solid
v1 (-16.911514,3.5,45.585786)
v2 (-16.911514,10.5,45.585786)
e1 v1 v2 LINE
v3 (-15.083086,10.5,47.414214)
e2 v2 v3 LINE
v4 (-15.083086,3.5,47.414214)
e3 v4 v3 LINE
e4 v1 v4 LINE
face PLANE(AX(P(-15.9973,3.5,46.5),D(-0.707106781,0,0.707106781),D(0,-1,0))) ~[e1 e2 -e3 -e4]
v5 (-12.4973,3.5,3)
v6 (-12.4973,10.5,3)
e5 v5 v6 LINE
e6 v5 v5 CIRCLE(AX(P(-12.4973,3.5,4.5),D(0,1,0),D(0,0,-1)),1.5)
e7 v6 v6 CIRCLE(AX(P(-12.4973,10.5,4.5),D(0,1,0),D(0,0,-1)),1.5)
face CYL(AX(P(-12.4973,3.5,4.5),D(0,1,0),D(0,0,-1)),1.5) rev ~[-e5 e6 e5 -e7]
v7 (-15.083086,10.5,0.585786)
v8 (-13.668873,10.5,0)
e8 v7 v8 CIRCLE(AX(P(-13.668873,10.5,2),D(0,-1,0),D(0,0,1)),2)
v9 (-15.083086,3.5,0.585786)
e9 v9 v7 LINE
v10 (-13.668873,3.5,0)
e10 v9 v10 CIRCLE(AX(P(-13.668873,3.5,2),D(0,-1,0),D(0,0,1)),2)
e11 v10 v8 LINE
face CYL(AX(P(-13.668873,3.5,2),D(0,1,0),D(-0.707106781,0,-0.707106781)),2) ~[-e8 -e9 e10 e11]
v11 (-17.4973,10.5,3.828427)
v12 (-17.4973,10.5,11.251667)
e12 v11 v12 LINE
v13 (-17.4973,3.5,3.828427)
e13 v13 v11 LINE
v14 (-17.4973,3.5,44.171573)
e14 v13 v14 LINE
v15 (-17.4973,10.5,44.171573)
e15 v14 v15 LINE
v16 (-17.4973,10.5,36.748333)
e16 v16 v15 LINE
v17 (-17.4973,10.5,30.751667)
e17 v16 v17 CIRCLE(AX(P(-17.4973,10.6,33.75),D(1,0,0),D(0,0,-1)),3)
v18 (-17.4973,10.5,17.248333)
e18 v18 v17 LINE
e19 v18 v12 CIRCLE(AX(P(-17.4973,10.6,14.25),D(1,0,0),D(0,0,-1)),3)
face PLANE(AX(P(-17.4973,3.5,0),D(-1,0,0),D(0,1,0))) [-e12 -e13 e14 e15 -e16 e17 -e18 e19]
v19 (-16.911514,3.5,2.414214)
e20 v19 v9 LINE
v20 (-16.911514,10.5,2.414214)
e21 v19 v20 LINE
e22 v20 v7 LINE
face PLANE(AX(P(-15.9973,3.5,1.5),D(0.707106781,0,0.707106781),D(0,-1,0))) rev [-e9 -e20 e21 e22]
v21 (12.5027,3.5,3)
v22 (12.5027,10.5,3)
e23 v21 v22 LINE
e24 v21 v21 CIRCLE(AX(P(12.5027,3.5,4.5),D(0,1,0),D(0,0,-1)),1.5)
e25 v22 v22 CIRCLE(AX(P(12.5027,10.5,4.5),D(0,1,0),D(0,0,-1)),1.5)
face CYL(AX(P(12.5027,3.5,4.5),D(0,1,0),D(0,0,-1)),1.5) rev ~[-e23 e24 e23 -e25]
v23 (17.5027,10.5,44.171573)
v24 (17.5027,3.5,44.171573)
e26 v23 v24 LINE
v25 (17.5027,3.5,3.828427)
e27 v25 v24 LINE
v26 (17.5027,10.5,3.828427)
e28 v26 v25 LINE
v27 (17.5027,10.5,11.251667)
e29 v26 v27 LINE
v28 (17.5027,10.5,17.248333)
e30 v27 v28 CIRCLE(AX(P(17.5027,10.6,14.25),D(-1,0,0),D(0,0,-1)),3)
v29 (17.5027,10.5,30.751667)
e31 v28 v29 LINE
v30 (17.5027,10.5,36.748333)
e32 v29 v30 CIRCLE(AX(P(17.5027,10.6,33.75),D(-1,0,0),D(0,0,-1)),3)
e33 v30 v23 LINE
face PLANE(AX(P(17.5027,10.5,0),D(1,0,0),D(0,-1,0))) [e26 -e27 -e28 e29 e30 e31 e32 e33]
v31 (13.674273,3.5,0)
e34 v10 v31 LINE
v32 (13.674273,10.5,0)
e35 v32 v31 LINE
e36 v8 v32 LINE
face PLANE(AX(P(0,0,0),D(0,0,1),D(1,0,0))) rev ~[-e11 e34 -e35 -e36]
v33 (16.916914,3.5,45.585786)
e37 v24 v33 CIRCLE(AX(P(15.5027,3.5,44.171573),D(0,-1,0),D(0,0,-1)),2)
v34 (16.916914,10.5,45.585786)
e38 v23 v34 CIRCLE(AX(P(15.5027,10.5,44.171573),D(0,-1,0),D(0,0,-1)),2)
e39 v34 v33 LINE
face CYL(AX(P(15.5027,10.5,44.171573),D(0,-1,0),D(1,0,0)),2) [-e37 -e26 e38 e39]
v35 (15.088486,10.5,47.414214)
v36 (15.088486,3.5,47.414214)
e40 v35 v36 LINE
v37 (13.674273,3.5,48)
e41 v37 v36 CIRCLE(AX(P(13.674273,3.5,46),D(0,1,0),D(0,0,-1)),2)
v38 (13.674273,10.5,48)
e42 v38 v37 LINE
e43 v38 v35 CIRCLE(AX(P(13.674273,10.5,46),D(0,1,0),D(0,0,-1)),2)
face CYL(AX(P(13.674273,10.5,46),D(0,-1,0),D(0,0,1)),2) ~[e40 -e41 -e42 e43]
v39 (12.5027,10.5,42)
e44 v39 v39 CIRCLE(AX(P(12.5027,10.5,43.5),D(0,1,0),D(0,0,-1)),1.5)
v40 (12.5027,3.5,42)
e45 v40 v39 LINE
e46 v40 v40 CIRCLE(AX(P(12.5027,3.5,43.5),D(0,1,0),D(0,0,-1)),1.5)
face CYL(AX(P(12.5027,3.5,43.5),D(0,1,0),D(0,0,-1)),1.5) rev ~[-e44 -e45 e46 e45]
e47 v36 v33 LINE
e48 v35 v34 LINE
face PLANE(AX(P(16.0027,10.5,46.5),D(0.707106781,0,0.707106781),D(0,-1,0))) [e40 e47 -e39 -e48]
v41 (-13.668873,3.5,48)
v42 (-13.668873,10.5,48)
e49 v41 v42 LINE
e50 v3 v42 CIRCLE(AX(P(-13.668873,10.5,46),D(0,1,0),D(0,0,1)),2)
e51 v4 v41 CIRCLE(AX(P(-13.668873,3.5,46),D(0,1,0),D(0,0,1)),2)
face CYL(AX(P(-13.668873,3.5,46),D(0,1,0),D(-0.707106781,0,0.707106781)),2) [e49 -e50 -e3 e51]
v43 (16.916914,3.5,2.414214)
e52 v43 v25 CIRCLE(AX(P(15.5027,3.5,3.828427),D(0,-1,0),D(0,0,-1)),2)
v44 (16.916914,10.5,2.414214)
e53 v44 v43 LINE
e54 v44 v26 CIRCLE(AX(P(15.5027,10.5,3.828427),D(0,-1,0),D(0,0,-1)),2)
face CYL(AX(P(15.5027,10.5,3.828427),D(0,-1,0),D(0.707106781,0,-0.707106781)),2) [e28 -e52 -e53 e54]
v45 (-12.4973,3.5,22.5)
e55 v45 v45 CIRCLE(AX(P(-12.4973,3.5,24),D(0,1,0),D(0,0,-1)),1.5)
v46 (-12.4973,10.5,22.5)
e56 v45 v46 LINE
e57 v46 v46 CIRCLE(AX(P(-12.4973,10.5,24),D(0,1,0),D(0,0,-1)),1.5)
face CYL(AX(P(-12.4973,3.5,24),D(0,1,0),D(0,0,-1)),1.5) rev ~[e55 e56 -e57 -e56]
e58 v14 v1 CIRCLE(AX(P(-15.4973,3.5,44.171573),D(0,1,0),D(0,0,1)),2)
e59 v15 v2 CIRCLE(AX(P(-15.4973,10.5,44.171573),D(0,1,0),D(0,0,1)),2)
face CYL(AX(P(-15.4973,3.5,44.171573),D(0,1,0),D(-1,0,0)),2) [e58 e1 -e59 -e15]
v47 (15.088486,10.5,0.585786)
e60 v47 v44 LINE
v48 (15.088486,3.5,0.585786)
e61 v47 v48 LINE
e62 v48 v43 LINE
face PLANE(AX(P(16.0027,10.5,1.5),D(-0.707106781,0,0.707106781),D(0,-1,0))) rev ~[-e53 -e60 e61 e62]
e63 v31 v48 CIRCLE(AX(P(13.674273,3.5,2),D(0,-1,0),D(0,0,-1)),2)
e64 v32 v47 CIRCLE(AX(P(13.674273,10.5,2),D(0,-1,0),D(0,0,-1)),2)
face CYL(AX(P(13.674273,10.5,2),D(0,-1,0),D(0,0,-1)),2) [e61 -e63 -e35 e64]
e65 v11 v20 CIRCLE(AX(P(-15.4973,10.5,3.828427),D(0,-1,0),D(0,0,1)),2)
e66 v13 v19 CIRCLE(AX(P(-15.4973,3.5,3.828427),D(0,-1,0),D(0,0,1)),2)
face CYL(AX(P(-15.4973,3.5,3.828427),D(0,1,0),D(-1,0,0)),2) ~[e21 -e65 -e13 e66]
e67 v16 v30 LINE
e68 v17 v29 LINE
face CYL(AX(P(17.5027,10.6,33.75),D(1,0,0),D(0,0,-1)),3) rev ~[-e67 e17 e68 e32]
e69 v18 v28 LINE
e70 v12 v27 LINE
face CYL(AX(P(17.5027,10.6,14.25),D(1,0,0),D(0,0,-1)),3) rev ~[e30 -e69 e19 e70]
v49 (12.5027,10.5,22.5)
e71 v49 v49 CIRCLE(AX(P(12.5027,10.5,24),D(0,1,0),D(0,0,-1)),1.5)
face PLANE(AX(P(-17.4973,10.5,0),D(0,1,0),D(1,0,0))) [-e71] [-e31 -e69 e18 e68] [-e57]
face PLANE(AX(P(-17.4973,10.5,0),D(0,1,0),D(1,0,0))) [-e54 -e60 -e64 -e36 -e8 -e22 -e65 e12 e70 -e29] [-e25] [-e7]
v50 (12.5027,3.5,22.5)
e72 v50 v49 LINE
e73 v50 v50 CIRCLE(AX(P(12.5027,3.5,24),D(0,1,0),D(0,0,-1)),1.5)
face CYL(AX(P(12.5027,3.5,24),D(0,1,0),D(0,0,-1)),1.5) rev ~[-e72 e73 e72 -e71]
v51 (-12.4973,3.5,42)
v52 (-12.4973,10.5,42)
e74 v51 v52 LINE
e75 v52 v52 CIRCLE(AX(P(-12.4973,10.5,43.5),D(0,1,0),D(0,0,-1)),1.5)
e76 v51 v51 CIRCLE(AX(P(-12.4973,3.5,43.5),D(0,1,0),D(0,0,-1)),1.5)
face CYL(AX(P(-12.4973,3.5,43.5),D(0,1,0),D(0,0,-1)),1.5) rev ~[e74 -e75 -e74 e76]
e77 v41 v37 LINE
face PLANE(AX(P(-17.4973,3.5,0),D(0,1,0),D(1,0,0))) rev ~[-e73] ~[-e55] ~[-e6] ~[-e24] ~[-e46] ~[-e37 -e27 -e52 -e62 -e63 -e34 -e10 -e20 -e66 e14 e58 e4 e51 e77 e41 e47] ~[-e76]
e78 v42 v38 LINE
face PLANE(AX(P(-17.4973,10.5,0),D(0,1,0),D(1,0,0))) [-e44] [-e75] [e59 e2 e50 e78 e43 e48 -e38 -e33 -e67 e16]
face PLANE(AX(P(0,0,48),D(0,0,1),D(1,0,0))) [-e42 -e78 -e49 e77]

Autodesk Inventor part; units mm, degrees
ref_plane "YZ Plane" through (0, 0, 0) normal (1, 0, 0) x (0, 1, 0)
ref_plane "XZ Plane" through (0, 0, 0) normal (0, 1, 0) x (-1, 0, 0)
ref_plane "XY Plane" through (0, 0, 0) normal (0, 0, 1) x (1, 0, 0)
sketch "Sketch1" plane through (0, 0, 0) normal (0, 0, 1) x (1, 0, 0)
  line L0 (-17.4973, 3.5) -> (-17.4973, 10.5)
  line L1 (-17.4973, 10.5) -> (17.5027, 10.5)
  line L2 (17.5027, 10.5) -> (17.5027, 3.5)
  line L3 (-17.4973, 3.5) -> (17.5027, 3.5)
  dimension "d50" = 35
  dimension "d51" = 7
extrude "Extrusion1" add sketch "Sketch1" along normal blind 48
sketch "Sketch4" plane through (-17.4973, 3.5, 0) normal (0, -1, 0) x (1, 0, 0)
  line L0 (35, 0) -> (0, 0) projected
  line L1 (35, 0) -> (35, 48) projected
  line L2 (0, 48) -> (35, 48) projected
  line L3 (0, 0) -> (0, 48) projected
  point P0 (5, 4.5)
  point P1 (5, 24)
  point P2 (5, 43.5)
  point P3 (30, 4.5)
  point P4 (30, 24)
  point P5 (30, 43.5)
  dimension "d52" = 4.5
  dimension "d53" = 4.5
  dimension "d54" = 5
  dimension "d55" = 5
  dimension "d56" = 24
hole "Hole2" at (-12.4973, 3.5, 4.5) at (-12.4973, 3.5, 24) at (-12.4973, 3.5, 43.5) at (12.5027, 3.5, 4.5) at (12.5027, 3.5, 24) at (12.5027, 3.5, 43.5) direction (0, 1, 0) diameter 3 end through all
sketch "Sketch5" plane through (17.5027, 3.5, 0) normal (1, 0, 0) x (0, 0, -1)
  circle A0 centre (-14.25, 7.1) radius 3
  circle A1 centre (-33.75, 7.1) radius 3
  line L0 (0, 7) -> (0, 0) projected
  line L1 (0, 7) -> (-48, 7) projected
  line L2 (-48, 0) -> (-48, 7) projected
  line L3 (0, 0) -> (-48, 0) projected
  point P0 (0, -3.5)
  dimension "d64" = 6
  dimension "d65" = 6
  dimension "d66" = 0.1
  dimension "d67" = 0.1
  dimension "d68" = 14.25
  dimension "d69" = 14.25
extrude "Extrusion3" cut sketch "Sketch5" against normal up to next contours A0 L1 | L1 A0 | L1 A1 | A1 L1
chamfer "Chamfer1" distance 3 angle 45 4 edges at (-17.4973, 7, 0) (-17.4973, 7, 48) (17.5027, 7, 48) (17.5027, 7, 0)
fillet "Fillet2" radius 2 8 edges at (-17.4973, 7, 3) (-14.4973, 7, 0) (-17.4973, 7, 45) (-14.4973, 7, 48) (14.5027, 7, 48) (17.5027, 7, 45) (14.5027, 7, 0) (17.5027, 7, 3)
equation "\"d53\" = d52"
equation "\"d55\" = d54"
equation "\"d69\" = d68"
properties part number "3DP_PLA_X_end_top_linear_shaft_clamp" material "ABS Plastic"
